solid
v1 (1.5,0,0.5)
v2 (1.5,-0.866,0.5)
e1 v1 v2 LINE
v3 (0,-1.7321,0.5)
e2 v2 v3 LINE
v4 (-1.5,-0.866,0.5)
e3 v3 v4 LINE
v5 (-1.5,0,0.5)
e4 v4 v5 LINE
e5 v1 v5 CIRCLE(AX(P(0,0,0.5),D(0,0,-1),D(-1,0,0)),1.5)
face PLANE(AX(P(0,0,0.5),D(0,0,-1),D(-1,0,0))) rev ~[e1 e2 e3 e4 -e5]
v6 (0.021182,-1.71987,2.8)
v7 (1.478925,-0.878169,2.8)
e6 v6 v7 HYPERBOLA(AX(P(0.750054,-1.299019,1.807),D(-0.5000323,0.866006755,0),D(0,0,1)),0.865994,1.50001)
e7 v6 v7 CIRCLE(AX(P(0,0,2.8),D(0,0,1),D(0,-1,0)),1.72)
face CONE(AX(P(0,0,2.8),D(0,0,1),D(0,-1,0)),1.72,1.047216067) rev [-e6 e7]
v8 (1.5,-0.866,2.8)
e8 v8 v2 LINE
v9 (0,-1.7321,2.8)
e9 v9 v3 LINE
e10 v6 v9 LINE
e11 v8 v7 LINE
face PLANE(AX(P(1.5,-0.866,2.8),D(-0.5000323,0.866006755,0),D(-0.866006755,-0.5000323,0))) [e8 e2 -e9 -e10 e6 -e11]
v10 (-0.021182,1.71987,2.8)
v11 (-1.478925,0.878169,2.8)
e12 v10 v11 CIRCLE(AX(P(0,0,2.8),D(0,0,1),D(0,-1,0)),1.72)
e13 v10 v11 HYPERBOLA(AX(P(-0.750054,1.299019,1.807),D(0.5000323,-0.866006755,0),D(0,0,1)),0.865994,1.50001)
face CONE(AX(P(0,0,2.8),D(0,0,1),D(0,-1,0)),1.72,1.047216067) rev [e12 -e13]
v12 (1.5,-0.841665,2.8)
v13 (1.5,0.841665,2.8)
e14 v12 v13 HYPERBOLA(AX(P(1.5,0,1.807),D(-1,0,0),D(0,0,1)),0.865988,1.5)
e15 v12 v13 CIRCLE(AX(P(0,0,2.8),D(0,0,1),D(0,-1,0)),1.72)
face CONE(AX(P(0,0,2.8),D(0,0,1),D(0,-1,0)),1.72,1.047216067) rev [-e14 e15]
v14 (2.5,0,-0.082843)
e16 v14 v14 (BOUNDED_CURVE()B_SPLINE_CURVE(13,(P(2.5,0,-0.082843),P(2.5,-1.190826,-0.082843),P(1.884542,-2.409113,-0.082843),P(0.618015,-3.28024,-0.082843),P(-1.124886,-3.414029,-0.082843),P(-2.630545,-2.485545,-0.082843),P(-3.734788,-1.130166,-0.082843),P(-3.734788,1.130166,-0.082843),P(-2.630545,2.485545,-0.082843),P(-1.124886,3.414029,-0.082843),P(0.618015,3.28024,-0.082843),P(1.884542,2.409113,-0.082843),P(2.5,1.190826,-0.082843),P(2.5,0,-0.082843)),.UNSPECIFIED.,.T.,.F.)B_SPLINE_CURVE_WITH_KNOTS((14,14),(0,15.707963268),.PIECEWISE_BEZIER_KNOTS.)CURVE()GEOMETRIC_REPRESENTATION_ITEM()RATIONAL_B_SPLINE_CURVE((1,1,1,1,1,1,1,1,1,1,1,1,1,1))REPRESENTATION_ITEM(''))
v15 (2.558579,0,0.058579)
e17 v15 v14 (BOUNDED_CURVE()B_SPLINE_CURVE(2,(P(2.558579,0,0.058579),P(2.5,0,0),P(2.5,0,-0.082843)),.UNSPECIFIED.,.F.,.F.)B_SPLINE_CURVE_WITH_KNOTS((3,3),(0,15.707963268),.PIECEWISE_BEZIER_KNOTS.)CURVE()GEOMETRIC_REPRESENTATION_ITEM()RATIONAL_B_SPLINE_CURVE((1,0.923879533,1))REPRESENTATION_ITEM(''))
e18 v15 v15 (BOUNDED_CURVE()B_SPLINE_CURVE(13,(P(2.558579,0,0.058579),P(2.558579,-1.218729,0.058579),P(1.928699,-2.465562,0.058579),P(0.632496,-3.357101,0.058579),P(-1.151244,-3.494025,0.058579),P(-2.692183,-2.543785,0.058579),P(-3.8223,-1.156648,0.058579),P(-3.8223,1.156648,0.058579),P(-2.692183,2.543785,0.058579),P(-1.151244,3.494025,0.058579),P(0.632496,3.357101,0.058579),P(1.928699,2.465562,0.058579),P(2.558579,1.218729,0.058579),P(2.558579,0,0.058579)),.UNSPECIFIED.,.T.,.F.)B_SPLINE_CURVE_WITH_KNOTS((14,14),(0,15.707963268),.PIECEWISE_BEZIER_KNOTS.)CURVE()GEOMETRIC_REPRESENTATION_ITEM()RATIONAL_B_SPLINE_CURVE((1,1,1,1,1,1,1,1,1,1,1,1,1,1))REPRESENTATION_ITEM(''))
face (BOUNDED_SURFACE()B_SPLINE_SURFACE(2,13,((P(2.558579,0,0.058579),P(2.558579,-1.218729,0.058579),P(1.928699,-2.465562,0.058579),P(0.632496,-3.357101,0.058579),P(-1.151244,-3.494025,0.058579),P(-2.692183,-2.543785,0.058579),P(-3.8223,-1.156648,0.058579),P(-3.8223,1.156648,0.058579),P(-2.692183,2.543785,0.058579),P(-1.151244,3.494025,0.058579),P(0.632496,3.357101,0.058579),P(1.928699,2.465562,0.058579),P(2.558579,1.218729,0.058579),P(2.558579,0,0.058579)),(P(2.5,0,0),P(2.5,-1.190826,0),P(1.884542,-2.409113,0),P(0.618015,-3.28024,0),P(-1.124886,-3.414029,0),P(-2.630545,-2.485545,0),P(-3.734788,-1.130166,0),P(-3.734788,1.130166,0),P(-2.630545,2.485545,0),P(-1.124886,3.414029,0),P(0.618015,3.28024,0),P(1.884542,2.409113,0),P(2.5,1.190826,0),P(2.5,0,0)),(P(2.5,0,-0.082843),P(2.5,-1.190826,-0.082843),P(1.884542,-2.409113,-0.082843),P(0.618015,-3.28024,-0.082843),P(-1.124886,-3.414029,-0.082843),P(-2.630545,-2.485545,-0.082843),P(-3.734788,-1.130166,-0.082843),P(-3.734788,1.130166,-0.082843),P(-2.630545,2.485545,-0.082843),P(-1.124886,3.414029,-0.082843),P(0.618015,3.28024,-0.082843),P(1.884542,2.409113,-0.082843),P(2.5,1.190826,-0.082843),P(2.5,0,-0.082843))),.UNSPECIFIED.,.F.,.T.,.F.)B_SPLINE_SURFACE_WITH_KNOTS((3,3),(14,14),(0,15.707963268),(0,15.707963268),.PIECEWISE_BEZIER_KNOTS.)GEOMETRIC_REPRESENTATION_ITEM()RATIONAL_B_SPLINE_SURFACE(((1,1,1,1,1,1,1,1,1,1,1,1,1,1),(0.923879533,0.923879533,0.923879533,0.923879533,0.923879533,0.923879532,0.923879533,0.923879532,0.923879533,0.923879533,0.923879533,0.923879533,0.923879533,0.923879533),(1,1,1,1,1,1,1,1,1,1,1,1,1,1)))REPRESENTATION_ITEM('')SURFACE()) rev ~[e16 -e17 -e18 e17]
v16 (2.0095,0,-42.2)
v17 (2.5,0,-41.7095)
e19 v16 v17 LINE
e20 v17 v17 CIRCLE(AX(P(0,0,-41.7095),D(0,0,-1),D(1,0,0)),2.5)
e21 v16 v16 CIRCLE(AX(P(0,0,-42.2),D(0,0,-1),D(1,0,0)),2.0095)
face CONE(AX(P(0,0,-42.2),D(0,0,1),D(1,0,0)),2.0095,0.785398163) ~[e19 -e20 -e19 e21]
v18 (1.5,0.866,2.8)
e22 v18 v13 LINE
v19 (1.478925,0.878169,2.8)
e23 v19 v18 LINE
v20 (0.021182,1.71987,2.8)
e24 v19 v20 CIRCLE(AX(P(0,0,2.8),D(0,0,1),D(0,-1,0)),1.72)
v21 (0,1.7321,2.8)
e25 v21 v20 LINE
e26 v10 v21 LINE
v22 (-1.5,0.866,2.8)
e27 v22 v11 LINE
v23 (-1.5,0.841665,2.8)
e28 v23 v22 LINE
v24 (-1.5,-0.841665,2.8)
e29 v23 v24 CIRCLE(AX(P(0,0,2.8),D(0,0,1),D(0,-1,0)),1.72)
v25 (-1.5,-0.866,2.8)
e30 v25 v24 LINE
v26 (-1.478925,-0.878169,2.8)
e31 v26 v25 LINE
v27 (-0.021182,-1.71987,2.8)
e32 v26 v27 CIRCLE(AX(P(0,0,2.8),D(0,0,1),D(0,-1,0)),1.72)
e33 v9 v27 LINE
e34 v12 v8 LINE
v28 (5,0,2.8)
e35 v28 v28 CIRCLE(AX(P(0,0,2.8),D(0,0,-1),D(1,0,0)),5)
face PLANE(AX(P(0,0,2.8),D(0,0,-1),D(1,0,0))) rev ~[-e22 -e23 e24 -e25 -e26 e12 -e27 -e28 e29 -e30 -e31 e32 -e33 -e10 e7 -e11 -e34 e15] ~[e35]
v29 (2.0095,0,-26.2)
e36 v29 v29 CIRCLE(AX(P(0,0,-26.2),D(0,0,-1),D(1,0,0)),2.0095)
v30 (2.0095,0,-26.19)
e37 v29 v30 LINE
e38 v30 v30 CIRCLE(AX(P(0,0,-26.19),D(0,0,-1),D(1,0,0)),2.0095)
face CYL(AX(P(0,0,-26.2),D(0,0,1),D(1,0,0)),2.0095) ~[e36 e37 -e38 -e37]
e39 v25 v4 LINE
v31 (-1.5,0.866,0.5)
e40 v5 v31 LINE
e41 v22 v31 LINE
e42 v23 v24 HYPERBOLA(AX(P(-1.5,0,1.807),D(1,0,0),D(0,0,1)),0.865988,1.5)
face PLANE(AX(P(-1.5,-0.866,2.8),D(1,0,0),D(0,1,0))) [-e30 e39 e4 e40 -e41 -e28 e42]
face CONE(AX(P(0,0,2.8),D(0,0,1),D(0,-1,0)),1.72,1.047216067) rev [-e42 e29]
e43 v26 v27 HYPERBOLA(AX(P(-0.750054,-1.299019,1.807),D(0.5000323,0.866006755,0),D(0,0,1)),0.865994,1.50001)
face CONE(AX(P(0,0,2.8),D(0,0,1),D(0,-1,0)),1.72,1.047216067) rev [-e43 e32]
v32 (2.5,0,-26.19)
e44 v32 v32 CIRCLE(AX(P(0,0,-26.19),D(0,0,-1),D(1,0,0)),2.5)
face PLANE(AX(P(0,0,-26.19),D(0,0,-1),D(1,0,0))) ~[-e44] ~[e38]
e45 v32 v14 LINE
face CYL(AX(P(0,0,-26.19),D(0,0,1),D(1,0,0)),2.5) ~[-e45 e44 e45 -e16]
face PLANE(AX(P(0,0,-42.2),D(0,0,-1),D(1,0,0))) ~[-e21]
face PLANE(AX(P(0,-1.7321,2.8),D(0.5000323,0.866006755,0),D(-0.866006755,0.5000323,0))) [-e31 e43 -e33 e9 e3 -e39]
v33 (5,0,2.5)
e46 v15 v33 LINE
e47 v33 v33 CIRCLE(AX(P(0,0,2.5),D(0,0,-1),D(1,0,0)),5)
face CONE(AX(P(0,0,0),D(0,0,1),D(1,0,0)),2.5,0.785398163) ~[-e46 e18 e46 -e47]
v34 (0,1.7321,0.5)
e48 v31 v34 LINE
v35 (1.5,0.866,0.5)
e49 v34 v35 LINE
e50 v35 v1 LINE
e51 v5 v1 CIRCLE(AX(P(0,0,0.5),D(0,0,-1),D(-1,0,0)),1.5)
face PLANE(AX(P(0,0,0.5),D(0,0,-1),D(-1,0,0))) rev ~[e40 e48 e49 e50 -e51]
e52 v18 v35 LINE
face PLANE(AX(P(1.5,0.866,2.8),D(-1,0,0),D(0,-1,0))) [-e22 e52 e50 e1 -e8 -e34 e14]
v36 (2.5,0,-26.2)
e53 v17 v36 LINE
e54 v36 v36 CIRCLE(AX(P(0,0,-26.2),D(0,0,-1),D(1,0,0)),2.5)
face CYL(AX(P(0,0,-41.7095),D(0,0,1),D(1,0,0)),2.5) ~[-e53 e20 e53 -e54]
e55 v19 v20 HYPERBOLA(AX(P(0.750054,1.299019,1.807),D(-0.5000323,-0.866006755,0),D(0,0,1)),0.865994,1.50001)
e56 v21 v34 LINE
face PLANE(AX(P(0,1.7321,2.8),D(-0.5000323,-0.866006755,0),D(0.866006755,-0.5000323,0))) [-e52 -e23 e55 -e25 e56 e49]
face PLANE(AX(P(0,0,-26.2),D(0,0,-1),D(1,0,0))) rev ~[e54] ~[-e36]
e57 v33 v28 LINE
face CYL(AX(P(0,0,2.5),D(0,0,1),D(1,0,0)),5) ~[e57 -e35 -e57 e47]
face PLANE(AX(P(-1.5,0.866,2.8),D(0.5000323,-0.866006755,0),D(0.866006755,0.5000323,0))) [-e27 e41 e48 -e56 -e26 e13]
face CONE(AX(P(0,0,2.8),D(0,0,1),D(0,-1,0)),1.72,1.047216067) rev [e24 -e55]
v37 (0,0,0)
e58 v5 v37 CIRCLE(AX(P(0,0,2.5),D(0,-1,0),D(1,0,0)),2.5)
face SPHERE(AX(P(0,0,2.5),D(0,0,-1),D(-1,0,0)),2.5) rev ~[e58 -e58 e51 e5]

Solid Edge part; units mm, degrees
sketch "Sketch1" plane through (0, 0, 0) normal (0, -1, 0) x (1, 0, 0)
  line L0 (2.5, 0) -> (5, 2.5)
  line L1 (5, 2.5) -> (5, 2.8)
  line L2 (5, 2.8) -> (0, 2.8)
  line L3 (0, 2.8) -> (0, -42.2)
  line L4 (0, -42.2) -> (2.0095, -42.2)
  line L5 (2.0095, -42.2) -> (2.5, -41.7095)
  line L6 (2.5, -41.7095) -> (2.5, -26.2)
  line L7 (2.5, -26.2) -> (2.0095, -26.2)
  line L8 (2.0095, -26.2) -> (2.0095, -26.19)
  line L9 (2.0095, -26.19) -> (2.5, -26.19)
  line L10 (2.5, -26.19) -> (2.5, 0)
  dimension "D1" = 45
  dimension "D2" = 5
  dimension "D3" = 2.8
  dimension "D4" = 0.01
  dimension "D5" = 2.0095
  dimension "D6" = 29
  dimension "D7" = 0.3
revolve "RevolvedProtrusion1" add sketch "Sketch1" angle 360 about axis through (0, 0, 54) along (0, 0, -1)
sketch "Sketch2" plane through (0, 0, 0) normal (0, -1, 0) x (1, 0, 0)
  arc A0 (-1.5, 0.5) -> (0, 0) centre (0, 2.5) ccw
  line L0 (0, 0.5) -> (0, 0)
  line L1 (-1.5, 0.5) -> (0, 0.5)
  dimension "D1" = 42.7
revolve "RevolvedCutout1" cut sketch "Sketch2" angle 360 about axis through (0, 0, 54) along (0, 0, -1)
sketch "Sketch3" plane through (0, 0, 2.8) normal (0, 0, 1) x (0, -1, 0)
  line L0 (-1.7321, 0) -> (-0.866, 1.5)
  line L1 (-0.866, 1.5) -> (0.866, 1.5)
  line L2 (0.866, 1.5) -> (1.7321, 0)
  line L3 (1.7321, 0) -> (0.866, -1.5)
  line L4 (0.866, -1.5) -> (-0.866, -1.5)
  line L5 (-0.866, -1.5) -> (-1.7321, 0)
  dimension "D1" = 3
extrude "Cutout1" cut sketch "Sketch3" against normal blind 2.3
cosmetic_thread "Thread1" size "M5"
sketch "Sketch4" plane through (0, 0, 0) normal (1, 0, 0) x (0, 1, 0)
  line L0 (-1.72, 2.8) -> (0, 1.807)
revolve "RevolvedCutout2" cut sketch "Sketch4" angle 360 about axis through (0, 0, -57) along (0, 0, 1) material side at (0, -0.835, 2.3468)
fillet "Round1" radius 0.2 1 edges at (-2.5, 0, 0)
properties material "Stahl"
